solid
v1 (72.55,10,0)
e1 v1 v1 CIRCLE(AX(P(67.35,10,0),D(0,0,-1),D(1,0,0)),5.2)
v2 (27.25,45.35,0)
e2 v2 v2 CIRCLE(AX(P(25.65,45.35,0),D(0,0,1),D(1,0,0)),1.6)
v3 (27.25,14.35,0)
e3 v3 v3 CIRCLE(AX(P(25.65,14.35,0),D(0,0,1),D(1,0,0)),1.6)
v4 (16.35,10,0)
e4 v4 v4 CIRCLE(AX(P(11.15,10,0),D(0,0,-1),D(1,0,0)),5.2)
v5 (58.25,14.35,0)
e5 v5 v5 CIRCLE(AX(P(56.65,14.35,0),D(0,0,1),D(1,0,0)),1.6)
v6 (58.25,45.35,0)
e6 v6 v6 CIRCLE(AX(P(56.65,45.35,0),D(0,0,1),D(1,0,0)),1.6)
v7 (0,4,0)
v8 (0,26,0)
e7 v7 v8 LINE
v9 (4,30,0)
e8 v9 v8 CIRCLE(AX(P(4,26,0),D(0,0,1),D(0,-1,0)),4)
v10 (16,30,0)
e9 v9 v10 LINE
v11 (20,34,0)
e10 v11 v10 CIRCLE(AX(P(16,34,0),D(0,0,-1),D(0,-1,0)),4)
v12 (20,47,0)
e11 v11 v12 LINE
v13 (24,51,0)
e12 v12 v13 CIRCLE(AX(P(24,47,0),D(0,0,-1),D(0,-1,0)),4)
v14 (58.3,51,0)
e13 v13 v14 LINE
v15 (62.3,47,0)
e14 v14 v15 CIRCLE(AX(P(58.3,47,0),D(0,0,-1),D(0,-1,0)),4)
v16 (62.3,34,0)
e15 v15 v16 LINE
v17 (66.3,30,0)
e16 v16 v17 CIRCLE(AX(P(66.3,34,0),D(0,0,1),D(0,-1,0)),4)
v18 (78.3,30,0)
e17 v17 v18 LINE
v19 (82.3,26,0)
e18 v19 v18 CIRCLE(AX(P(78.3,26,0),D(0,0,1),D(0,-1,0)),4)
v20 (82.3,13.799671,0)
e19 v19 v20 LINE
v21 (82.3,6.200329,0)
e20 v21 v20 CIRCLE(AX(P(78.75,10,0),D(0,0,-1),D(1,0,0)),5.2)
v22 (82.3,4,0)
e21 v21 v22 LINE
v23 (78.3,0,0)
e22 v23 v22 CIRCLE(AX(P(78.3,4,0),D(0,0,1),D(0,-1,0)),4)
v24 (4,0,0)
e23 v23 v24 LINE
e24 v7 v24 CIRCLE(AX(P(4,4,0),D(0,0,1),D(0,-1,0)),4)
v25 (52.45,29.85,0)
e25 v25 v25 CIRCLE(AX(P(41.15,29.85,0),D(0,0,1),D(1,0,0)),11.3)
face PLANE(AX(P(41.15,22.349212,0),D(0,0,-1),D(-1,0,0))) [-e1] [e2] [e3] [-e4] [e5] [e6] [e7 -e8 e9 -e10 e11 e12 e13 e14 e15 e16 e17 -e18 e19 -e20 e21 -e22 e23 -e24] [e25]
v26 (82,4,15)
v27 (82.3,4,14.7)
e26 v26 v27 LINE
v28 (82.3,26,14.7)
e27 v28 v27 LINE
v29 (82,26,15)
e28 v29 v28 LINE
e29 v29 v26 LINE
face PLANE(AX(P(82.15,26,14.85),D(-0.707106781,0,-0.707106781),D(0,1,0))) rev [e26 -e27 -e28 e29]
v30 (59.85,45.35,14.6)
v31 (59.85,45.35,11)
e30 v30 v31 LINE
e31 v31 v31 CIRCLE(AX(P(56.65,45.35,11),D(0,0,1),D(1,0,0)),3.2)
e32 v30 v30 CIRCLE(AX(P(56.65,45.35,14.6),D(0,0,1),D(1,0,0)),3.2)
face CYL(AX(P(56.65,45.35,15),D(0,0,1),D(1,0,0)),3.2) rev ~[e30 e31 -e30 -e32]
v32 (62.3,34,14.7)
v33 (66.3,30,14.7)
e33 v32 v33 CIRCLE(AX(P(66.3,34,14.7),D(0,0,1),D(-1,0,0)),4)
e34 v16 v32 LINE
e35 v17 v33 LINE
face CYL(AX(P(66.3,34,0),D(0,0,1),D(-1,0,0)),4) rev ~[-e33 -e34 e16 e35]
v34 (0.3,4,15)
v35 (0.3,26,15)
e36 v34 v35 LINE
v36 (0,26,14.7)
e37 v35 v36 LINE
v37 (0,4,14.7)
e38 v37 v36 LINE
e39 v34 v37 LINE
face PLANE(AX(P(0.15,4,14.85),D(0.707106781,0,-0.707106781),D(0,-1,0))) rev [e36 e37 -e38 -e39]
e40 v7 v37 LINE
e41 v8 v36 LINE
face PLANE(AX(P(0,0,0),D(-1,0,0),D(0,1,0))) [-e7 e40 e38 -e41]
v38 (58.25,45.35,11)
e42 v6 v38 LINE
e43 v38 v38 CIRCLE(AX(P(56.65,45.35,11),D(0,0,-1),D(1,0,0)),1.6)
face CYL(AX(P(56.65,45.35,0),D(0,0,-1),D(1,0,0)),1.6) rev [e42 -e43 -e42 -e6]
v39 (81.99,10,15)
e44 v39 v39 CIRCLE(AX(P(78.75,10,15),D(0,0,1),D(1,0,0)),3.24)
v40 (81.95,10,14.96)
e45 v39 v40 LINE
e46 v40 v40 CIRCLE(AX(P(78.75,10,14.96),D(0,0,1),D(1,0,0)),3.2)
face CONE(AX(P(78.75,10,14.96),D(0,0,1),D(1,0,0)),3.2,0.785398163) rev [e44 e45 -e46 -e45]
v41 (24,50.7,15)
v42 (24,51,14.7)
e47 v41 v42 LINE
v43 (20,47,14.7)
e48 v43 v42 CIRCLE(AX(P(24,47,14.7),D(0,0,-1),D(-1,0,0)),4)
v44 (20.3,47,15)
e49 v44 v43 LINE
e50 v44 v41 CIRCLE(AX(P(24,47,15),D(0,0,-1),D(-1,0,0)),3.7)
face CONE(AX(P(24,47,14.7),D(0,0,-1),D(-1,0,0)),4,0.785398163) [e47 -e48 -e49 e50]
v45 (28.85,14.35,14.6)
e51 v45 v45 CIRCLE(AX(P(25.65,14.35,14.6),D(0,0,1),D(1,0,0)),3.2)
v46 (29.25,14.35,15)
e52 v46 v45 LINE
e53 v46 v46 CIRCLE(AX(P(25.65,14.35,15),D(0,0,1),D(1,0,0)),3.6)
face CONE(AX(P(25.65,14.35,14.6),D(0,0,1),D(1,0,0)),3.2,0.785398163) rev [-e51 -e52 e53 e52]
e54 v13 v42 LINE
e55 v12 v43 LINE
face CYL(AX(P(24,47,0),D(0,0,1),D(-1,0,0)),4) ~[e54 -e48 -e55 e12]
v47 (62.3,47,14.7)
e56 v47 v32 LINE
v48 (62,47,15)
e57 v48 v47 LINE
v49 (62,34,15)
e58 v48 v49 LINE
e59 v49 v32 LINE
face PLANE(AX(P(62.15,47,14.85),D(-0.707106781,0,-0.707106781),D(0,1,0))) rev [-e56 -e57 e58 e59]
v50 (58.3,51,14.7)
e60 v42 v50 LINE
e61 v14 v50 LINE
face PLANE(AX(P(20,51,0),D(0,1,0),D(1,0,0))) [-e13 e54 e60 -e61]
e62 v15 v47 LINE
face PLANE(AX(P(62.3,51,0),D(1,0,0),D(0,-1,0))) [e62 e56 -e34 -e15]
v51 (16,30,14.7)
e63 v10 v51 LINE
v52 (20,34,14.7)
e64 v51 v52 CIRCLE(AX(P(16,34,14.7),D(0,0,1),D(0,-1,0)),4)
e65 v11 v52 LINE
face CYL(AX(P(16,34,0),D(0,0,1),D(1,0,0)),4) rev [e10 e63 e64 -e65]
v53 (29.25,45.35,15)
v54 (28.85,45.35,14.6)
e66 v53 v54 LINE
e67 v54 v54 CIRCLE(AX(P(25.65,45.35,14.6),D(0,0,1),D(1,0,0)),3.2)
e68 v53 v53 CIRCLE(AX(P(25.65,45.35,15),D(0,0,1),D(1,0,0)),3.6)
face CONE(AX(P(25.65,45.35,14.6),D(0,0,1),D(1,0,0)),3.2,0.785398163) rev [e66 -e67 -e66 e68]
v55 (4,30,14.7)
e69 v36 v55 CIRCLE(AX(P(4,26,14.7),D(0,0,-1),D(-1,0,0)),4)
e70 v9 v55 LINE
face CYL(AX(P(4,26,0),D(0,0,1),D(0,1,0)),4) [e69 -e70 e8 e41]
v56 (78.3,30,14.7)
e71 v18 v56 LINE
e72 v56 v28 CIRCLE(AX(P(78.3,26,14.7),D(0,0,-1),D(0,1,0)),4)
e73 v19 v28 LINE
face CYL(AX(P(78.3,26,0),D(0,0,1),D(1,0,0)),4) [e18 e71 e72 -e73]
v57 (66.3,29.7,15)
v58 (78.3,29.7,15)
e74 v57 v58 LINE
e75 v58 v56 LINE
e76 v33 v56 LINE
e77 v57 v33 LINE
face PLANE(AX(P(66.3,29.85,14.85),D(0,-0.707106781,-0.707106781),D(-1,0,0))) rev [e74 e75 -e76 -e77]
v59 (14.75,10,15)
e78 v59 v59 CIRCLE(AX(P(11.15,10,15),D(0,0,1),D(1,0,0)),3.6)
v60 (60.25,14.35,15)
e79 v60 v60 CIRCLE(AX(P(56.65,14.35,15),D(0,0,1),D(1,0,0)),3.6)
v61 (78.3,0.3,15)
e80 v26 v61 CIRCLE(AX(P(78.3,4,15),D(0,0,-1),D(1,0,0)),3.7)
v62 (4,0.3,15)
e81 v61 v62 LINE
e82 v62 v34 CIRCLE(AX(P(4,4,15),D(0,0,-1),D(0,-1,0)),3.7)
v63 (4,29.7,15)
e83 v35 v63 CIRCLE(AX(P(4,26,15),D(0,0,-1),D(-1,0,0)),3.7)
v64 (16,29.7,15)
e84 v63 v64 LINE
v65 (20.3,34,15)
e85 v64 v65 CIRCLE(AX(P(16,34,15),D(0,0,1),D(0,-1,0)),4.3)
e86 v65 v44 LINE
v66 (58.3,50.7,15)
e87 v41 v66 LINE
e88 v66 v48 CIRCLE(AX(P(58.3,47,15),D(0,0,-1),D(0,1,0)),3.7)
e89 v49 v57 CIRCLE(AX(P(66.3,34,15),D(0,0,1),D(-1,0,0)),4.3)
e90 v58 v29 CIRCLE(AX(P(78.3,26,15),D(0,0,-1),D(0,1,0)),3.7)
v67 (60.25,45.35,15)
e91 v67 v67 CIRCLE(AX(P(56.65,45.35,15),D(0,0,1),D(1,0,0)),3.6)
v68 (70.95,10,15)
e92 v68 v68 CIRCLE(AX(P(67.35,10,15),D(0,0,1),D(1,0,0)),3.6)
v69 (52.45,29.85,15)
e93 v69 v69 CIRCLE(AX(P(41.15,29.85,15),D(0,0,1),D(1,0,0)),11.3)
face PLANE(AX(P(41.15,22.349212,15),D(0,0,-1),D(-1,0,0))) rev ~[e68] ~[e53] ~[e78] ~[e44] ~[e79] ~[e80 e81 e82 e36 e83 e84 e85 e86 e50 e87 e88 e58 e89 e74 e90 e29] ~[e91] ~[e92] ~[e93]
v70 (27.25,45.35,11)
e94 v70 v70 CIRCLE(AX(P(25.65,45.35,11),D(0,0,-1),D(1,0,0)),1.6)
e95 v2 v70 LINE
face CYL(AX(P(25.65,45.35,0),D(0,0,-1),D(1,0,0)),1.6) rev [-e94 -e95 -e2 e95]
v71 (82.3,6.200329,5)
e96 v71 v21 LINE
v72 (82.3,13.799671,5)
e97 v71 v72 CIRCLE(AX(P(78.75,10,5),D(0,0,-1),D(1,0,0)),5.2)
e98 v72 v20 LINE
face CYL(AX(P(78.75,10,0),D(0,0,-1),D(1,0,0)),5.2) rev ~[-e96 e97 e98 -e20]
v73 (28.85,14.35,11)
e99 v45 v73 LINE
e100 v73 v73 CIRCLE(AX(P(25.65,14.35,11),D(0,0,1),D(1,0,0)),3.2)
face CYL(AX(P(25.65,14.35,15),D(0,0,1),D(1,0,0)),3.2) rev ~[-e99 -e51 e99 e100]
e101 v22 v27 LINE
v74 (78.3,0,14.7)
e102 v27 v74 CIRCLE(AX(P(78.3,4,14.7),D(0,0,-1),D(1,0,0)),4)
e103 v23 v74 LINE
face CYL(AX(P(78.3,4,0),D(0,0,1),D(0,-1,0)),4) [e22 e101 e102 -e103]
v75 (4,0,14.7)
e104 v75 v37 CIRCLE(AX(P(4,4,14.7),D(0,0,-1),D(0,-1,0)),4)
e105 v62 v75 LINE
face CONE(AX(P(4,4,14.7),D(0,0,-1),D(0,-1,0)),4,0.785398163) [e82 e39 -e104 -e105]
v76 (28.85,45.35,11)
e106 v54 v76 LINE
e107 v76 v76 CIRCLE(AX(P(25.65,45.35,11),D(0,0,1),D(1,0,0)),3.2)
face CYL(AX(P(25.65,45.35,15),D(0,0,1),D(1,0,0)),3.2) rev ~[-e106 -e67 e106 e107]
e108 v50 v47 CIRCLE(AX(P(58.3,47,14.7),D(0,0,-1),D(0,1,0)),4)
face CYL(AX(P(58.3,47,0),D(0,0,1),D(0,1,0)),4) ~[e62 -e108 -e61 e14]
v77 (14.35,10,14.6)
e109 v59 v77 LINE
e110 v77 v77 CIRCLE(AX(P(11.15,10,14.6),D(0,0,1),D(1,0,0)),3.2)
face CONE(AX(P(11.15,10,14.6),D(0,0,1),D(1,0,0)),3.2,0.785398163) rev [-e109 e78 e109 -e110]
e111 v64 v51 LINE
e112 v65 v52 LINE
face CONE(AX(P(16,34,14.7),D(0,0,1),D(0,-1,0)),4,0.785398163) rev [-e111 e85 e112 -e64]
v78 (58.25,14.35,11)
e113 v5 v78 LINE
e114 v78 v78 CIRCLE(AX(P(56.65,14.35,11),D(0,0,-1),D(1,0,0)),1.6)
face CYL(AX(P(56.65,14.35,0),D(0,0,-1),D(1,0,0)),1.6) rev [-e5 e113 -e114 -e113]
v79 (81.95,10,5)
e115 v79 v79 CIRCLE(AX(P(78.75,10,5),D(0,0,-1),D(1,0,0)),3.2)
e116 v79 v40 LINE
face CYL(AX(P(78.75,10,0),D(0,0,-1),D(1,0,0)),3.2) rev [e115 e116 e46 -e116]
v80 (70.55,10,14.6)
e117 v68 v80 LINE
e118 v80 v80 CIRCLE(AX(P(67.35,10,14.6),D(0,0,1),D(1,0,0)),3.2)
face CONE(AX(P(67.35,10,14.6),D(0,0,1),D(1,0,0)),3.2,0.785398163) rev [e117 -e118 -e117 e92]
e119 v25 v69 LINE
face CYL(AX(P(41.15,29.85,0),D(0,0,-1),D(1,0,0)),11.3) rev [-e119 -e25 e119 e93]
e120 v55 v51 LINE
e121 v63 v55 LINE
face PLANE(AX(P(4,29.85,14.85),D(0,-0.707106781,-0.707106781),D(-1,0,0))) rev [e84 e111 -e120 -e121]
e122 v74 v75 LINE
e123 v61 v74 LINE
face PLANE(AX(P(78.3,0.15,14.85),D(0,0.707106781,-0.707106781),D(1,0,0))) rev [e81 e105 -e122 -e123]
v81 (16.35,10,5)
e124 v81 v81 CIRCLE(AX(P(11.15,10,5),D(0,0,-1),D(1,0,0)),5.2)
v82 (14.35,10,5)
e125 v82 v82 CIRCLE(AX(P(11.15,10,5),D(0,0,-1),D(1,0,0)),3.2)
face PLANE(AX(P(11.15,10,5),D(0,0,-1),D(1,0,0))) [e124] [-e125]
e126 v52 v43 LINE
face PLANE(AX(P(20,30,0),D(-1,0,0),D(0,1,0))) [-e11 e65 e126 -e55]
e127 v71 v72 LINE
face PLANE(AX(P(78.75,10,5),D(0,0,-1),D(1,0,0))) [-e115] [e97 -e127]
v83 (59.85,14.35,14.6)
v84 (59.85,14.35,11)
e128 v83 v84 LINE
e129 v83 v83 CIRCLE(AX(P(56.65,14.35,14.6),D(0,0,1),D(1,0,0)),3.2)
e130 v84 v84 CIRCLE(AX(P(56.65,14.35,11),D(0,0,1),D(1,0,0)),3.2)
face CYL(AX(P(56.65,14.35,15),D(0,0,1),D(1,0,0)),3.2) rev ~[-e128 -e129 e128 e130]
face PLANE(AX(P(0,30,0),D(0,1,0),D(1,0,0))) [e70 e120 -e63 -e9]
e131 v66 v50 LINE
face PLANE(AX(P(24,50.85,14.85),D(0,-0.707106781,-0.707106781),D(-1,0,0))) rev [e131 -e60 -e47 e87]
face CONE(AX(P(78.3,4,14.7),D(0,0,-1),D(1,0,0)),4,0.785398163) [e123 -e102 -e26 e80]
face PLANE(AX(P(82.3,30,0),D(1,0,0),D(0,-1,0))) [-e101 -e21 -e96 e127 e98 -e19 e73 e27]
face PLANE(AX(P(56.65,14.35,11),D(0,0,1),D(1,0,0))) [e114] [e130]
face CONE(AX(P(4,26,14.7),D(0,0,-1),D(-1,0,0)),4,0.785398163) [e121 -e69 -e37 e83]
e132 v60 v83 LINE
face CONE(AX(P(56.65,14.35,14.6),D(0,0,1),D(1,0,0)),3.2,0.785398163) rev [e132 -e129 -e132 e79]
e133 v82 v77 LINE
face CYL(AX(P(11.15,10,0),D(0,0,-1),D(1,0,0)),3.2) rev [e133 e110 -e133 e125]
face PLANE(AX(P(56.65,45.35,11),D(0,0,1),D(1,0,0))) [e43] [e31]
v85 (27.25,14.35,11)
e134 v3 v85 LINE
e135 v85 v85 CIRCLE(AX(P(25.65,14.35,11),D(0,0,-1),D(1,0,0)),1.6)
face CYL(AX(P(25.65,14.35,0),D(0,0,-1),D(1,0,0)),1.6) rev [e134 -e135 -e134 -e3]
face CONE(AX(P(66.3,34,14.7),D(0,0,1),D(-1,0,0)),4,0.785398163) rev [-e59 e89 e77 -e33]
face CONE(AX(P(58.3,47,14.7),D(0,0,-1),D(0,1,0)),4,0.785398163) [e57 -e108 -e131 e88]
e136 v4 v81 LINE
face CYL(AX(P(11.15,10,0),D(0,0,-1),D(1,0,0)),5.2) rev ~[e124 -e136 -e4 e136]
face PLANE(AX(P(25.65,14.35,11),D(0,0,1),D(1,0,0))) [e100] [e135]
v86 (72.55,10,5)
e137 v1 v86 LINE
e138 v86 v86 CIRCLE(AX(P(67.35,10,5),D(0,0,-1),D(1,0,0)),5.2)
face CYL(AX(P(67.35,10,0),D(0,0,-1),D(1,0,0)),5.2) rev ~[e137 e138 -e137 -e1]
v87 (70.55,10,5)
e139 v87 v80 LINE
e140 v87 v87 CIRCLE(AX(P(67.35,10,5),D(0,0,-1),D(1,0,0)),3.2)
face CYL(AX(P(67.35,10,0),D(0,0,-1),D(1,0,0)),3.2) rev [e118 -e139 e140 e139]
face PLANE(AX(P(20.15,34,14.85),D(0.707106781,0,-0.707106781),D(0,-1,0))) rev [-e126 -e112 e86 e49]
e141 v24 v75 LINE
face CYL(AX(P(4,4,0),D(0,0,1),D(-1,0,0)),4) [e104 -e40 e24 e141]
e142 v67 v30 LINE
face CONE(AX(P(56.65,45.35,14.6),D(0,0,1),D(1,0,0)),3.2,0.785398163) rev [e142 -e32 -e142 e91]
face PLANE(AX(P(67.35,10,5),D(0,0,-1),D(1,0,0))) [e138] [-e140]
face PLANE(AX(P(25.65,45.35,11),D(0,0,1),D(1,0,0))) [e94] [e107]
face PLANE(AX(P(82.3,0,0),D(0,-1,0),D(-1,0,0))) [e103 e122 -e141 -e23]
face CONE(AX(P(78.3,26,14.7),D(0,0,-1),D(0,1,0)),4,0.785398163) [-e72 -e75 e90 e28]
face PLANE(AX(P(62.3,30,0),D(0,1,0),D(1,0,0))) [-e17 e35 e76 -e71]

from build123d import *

# Parameters (mm, degrees)
SKETCH_R        = 11.3
SKETCH_R_2      = 1.6
SKETCH_R_3      = 3.2
PAD_DEPTH       = 15
SKETCH001_R     = 3.2
POCKET_DEPTH    = 4
SKETCH002_R     = 5.2
POCKET001_DEPTH = 5
FILLET_R        = 4
CHAMFER_SIZE    = 0.3
CHAMFER001_SIZE = 0.4
CHAMFER002_SIZE = 0.04


with BuildPart() as part:
    # Sketch → Pad (new body)
    with BuildSketch(Plane.XY):
        Polygon((20, 30), (20, 51), (62.3, 51), (62.3, 30), (82.3, 30), (82.3, 0), (0, 0), (0, 30), align=None)
        with Locations((41.15, 29.85)):
            Circle(SKETCH_R, mode=Mode.SUBTRACT)
        with Locations((25.65, 45.35)):
            Circle(SKETCH_R_2, mode=Mode.SUBTRACT)
        with Locations((25.65, 14.35)):
            Circle(SKETCH_R_2, mode=Mode.SUBTRACT)
        with Locations((56.65, 45.35)):
            Circle(SKETCH_R_2, mode=Mode.SUBTRACT)
        with Locations((56.65, 14.35)):
            Circle(SKETCH_R_2, mode=Mode.SUBTRACT)
        with Locations((11.15, 10)):
            Circle(SKETCH_R_3, mode=Mode.SUBTRACT)
        with Locations((67.35, 10)):
            Circle(SKETCH_R_3, mode=Mode.SUBTRACT)
        with Locations((78.75, 10)):
            Circle(SKETCH_R_3, mode=Mode.SUBTRACT)
    extrude(amount=PAD_DEPTH)

    # Sketch001 (on Face18 of Pad) → Pocket (cut)
    with BuildSketch(Plane.XY.offset(15)):
        with Locations((25.65, 45.35)):
            Circle(SKETCH001_R)
        with Locations((56.65, 45.35)):
            Circle(SKETCH001_R)
        with Locations((56.65, 14.35)):
            Circle(SKETCH001_R)
        with Locations((25.65, 14.35)):
            Circle(SKETCH001_R)
    extrude(amount=-POCKET_DEPTH, mode=Mode.SUBTRACT)

    # Sketch002 (on Face4 of Pocket) → Pocket001 (cut)
    with BuildSketch(Plane(origin=(0, 0, 0), x_dir=(1, 0, 0), z_dir=(0, 0, -1))):
        with Locations((11.15, -10)):
            Circle(SKETCH002_R)
        with Locations((67.35, -10)):
            Circle(SKETCH002_R)
        with Locations((78.75, -10)):
            Circle(SKETCH002_R)
    extrude(amount=-POCKET001_DEPTH, mode=Mode.SUBTRACT)

    # Fillet
    fillet_edges = [part.edges().sort_by_distance(p)[0] for p in [
        (82.3, 0, 7.5),
        (0, 0, 7.5),
        (0, 30, 7.5),
        (20, 30, 7.5),
        (20, 51, 7.5),
        (62.3, 51, 7.5),
        (62.3, 30, 7.5),
        (82.3, 30, 7.5),
    ]]
    fillet(fillet_edges, radius=FILLET_R)

    # Chamfer
    chamfer_edges = [part.edges().sort_by_distance(p)[0] for p in [
        (82.3, 15, 15),
        (81.128427, 1.171573, 15),
        (41.15, 0, 15),
        (1.171573, 1.171573, 15),
        (0, 15, 15),
        (1.171573, 28.828427, 15),
        (10, 30, 15),
        (18.828427, 31.171573, 15),
        (20, 40.5, 15),
        (21.171573, 49.828427, 15),
        (41.15, 51, 15),
        (61.128427, 49.828427, 15),
        (62.3, 40.5, 15),
        (63.471573, 31.171573, 15),
        (72.3, 30, 15),
        (81.128427, 28.828427, 15),
    ]]
    chamfer(chamfer_edges, length=CHAMFER_SIZE)

    # Chamfer001
    chamfer001_edges = [part.edges().sort_by_distance(p)[0] for p in [
        (64.15, 10, 15),
        (53.45, 14.35, 15),
        (22.45, 14.35, 15),
        (7.95, 10, 15),
        (22.45, 45.35, 15),
        (53.45, 45.35, 15),
    ]]
    chamfer(chamfer001_edges, length=CHAMFER001_SIZE)

    # Chamfer002
    chamfer002_edges = [part.edges().sort_by_distance(p)[0] for p in [
        (75.55, 10, 15),
    ]]
    chamfer(chamfer002_edges, length=CHAMFER002_SIZE)


solid = part.part
